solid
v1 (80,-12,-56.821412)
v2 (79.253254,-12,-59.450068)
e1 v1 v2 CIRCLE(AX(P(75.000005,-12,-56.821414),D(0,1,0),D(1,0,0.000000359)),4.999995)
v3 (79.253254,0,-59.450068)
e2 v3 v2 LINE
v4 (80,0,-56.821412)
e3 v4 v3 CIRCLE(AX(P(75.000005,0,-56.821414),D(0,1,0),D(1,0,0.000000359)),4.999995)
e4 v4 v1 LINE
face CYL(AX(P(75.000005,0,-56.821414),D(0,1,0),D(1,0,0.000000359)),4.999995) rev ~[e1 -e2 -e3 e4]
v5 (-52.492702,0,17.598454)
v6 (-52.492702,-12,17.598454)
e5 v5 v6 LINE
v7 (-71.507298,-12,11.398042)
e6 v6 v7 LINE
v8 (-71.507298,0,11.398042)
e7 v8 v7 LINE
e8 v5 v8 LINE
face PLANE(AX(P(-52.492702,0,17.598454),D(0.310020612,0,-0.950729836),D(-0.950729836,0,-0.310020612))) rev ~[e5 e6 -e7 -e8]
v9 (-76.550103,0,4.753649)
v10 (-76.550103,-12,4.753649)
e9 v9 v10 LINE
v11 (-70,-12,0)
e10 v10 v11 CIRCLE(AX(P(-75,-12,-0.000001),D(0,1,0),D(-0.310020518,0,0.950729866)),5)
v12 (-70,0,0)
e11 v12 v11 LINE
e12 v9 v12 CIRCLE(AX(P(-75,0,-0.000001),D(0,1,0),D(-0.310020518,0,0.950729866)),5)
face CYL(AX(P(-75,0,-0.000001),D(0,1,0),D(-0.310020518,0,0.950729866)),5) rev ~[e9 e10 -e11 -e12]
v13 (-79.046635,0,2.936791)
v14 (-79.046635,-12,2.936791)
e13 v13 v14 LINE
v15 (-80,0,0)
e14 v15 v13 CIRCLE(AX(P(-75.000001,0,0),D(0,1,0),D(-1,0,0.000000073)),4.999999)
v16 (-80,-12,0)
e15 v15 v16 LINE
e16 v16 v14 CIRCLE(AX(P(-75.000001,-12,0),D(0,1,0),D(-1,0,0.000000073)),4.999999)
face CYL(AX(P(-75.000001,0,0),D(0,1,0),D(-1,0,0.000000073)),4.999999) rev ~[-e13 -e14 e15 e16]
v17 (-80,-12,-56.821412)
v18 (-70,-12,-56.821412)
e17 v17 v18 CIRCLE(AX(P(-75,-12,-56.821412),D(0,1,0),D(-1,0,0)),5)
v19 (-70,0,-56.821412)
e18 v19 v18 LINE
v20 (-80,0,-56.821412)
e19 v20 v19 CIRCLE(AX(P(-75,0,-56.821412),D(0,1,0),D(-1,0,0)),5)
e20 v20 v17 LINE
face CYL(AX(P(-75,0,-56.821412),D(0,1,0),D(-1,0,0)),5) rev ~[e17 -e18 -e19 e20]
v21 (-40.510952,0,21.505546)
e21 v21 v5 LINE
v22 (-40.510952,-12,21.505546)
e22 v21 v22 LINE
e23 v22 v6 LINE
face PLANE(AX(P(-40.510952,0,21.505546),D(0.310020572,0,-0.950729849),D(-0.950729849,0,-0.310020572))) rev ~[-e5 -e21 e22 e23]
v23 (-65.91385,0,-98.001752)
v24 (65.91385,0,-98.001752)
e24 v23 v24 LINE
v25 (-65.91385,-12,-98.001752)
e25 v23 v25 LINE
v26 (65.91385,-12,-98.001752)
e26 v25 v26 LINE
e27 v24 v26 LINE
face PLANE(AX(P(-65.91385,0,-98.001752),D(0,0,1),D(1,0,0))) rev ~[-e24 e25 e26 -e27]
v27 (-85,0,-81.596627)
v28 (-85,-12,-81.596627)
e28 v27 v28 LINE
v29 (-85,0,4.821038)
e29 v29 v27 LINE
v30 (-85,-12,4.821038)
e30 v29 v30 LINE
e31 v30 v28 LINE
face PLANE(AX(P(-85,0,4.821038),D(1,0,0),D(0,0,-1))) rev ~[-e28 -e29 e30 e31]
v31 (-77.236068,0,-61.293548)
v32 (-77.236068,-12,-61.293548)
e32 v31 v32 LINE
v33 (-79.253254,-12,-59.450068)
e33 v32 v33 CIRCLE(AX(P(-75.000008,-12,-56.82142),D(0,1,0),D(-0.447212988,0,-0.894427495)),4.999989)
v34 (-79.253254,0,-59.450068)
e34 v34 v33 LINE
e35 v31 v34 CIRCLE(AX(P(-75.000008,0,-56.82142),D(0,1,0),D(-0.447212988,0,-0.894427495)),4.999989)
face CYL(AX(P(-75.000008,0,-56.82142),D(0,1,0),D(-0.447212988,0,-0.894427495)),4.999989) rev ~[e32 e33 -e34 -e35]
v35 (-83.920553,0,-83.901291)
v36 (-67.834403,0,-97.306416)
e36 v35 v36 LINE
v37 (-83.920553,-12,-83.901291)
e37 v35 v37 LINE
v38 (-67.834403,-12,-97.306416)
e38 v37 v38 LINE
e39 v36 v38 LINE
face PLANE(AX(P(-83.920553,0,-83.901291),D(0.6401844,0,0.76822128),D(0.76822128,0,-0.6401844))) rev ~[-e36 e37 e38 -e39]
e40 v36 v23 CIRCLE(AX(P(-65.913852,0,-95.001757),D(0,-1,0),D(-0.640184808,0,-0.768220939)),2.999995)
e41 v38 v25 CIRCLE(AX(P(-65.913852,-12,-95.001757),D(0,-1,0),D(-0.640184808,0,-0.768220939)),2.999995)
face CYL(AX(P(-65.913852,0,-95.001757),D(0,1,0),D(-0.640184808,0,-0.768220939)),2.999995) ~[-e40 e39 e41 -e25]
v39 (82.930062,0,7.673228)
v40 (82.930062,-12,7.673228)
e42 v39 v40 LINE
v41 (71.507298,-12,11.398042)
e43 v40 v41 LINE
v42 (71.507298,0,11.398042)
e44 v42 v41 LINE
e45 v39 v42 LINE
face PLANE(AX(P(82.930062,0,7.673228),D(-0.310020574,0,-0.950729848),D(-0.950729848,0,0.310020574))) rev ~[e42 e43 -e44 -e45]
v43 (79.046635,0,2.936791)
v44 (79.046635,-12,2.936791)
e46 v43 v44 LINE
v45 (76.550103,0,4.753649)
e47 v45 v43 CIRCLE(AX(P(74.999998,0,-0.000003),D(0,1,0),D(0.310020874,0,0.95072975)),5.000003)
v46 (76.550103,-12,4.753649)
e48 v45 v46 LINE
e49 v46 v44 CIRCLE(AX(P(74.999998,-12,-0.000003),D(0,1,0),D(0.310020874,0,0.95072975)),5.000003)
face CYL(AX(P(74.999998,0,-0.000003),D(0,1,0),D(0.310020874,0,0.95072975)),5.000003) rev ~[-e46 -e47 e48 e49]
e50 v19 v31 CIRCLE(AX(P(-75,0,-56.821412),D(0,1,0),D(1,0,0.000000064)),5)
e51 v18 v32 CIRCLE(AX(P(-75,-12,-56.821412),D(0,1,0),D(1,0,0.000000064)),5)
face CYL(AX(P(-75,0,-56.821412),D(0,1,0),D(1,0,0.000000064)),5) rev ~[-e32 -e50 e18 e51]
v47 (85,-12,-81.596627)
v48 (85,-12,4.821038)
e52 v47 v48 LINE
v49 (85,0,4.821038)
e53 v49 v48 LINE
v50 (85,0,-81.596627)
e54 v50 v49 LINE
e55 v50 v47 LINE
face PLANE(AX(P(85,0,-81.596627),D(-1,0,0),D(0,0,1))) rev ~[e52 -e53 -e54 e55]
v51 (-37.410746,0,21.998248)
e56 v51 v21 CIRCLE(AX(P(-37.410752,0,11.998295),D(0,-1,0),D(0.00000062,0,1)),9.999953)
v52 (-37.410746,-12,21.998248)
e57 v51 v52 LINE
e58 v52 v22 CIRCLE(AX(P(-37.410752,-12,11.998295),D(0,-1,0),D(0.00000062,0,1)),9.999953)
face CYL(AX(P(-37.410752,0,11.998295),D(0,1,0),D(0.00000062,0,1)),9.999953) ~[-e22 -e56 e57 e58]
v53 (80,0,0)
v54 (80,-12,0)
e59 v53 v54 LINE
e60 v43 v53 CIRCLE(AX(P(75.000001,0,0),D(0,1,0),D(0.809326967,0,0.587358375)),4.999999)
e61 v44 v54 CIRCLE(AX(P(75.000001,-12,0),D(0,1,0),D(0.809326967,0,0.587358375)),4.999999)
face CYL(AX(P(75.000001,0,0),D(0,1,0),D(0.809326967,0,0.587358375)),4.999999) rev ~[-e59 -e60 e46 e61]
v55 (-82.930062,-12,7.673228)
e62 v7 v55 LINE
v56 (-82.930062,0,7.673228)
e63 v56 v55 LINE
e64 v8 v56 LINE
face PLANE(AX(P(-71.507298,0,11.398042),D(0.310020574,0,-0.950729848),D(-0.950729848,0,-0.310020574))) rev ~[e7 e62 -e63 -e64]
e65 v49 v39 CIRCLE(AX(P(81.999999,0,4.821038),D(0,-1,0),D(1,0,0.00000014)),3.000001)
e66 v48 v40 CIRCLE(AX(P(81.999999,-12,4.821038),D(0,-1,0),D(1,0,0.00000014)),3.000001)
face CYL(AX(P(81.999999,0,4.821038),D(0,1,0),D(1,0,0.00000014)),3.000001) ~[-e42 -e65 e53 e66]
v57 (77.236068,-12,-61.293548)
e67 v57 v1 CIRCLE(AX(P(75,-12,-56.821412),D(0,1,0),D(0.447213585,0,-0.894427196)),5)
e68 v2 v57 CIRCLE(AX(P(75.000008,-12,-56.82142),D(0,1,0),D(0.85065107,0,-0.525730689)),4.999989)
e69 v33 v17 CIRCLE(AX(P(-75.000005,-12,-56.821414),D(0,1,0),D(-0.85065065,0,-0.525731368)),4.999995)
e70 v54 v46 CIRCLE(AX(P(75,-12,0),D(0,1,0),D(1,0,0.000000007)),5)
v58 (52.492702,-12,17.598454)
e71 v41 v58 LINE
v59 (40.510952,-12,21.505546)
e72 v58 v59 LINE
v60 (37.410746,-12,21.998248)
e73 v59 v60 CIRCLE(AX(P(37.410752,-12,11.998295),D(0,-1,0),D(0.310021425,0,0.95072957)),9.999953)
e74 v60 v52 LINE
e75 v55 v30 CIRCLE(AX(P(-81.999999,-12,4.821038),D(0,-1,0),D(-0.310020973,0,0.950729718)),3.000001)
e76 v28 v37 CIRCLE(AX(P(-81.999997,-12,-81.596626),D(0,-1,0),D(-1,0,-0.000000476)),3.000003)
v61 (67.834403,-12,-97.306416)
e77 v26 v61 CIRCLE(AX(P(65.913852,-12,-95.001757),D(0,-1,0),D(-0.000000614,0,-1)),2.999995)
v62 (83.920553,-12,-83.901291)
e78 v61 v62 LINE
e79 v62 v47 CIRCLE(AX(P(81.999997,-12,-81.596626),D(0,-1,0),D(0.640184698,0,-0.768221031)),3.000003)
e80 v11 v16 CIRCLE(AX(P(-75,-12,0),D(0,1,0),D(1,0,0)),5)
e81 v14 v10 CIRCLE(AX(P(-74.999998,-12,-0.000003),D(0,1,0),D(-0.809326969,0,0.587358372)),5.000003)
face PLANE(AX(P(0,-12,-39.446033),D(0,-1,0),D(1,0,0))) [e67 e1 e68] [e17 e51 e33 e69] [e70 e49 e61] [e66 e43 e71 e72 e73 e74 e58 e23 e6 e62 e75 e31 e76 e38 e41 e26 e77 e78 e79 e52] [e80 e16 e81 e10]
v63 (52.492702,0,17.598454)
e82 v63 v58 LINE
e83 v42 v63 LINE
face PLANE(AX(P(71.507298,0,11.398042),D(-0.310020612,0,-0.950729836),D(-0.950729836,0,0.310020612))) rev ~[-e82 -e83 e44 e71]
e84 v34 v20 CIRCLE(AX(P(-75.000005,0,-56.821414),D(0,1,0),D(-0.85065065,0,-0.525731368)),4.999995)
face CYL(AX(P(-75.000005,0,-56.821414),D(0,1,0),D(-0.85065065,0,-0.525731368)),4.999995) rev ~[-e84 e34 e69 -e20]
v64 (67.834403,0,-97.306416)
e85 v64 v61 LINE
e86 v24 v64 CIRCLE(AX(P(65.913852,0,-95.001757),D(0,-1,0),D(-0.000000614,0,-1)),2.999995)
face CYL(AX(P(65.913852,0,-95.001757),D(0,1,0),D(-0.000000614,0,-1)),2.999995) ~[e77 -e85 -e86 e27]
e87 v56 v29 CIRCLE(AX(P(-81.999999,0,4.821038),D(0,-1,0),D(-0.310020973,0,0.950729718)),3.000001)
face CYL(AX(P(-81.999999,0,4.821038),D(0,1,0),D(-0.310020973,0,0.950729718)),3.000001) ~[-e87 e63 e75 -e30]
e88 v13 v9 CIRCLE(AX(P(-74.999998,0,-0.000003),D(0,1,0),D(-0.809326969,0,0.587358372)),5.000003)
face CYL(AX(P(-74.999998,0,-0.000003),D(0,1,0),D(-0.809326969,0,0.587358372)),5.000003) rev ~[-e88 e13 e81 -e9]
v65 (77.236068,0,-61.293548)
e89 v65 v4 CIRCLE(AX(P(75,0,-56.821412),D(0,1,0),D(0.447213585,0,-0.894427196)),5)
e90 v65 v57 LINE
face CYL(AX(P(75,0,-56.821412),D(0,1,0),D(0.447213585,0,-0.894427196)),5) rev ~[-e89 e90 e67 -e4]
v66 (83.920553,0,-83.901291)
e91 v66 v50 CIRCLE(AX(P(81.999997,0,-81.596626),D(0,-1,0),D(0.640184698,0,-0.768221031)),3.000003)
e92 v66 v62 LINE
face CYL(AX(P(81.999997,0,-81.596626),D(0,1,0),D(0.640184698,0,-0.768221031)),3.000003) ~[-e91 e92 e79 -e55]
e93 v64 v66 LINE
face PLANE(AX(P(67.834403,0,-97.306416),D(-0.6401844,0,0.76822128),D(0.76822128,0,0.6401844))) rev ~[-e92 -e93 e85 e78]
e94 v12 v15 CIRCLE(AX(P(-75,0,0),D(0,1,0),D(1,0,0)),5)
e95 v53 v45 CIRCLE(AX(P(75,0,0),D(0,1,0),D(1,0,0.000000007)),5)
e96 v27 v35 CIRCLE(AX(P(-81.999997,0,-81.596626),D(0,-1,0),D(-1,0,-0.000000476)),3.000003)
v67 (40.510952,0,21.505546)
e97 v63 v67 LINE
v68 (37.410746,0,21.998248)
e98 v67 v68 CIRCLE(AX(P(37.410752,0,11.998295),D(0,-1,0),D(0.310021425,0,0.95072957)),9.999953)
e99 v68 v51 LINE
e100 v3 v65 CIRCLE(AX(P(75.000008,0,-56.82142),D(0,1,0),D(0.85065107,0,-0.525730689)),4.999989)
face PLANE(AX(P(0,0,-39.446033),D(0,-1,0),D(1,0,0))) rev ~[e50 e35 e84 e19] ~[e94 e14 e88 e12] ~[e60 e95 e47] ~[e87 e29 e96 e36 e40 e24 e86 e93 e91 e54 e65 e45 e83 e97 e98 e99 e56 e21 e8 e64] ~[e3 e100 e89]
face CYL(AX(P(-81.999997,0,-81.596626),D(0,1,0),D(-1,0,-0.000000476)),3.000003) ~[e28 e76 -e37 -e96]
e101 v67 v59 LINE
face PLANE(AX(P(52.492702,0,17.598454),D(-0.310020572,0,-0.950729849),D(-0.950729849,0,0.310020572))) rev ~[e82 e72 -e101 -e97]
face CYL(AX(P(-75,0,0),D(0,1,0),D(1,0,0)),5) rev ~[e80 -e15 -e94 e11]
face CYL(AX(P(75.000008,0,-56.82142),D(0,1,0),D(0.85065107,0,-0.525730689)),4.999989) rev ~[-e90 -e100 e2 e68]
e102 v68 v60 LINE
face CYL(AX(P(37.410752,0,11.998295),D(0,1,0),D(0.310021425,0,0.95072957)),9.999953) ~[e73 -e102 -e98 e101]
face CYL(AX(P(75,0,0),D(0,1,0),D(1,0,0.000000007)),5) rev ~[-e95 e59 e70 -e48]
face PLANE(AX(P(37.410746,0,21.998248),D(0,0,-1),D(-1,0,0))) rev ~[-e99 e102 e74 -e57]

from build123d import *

# Parameters (mm, degrees)
F1_DEPTH = 12


with BuildPart() as f1:
    # F0 (on Front) → F1 (new body)
    with BuildSketch(Plane.XZ):
        with BuildLine():
            ThreePointArc((83.920553, -83.901291), (84.716768, -82.869093), (85, -81.596627))
            Line((85, -81.596627), (85, -63.001752))
            Line((85, -63.001752), (85, -43.001752))
            Line((85, -43.001752), (85, -23.001752))
            Line((85, -23.001752), (85, 1.998248))
            Line((85, 1.998248), (85, 4.821038))
            ThreePointArc((85, 4.821038), (84.427981, 6.583113), (82.930062, 7.673228))
            Line((82.930062, 7.673228), (71.507298, 11.398042))
            Line((71.507298, 11.398042), (62, 14.498248))
            Line((62, 14.498248), (52.492702, 17.598454))
            Line((52.492702, 17.598454), (40.510952, 21.505546))
            ThreePointArc((40.510952, 21.505546), (38.980302, 21.874305), (37.410746, 21.998248))
            Line((37.410746, 21.998248), (-37.410746, 21.998248))
            ThreePointArc((-37.410746, 21.998248), (-38.980302, 21.874305), (-40.510952, 21.505546))
            Line((-40.510952, 21.505546), (-52.492702, 17.598454))
            Line((-52.492702, 17.598454), (-62, 14.498248))
            Line((-62, 14.498248), (-71.507298, 11.398042))
            Line((-71.507298, 11.398042), (-82.930062, 7.673228))
            ThreePointArc((-82.930062, 7.673228), (-84.427981, 6.583113), (-85, 4.821038))
            Line((-85, 4.821038), (-85, 1.998248))
            Line((-85, 1.998248), (-85, -23.001752))
            Line((-85, -23.001752), (-85, -43.001752))
            Line((-85, -43.001752), (-85, -63.001752))
            Line((-85, -63.001752), (-85, -81.596627))
            ThreePointArc((-85, -81.596627), (-84.716768, -82.869093), (-83.920553, -83.901291))
            Line((-83.920553, -83.901291), (-67.834403, -97.306416))
            ThreePointArc((-67.834403, -97.306416), (-66.935126, -97.822567), (-65.91385, -98.001752))
            Line((-65.91385, -98.001752), (65.91385, -98.001752))
            ThreePointArc((65.91385, -98.001752), (66.935126, -97.822567), (67.834403, -97.306416))
            Line((67.834403, -97.306416), (83.920553, -83.901291))
        make_face()
        with BuildLine():
            ThreePointArc((38.990151, 16.936276), (39.376448, 16.859172), (39.755476, 16.751897))
            Line((39.755476, 16.751897), (76.550103, 4.753649))
            ThreePointArc((76.550103, 4.753649), (77.942127, 4.042757), (79.046635, 2.936791))
            ThreePointArc((79.046635, 2.936791), (79.75569, 1.54383), (80, 0))
            Line((80, 0), (80, -56.821412))
            ThreePointArc((80, -56.821412), (79.809692, -58.187745), (79.253254, -59.450068))
            ThreePointArc((79.253254, -59.450068), (78.373045, -60.512289), (77.236068, -61.293548))
            Line((77.236068, -61.293548), (24.875388, -87.473888))
            ThreePointArc((24.875388, -87.473888), (24.34317, -87.702486), (23.788085, -87.867997))
            ThreePointArc((23.788085, -87.867997), (23.217583, -87.968201), (22.63932, -88.001752))
            Line((22.63932, -88.001752), (0, -88.001752))
            Line((0, -88.001752), (-22.63932, -88.001752))
            ThreePointArc((-22.63932, -88.001752), (-23.217583, -87.968201), (-23.788085, -87.867997))
            ThreePointArc((-23.788085, -87.867997), (-24.34317, -87.702486), (-24.875388, -87.473888))
            Line((-24.875388, -87.473888), (-77.236068, -61.293548))
            ThreePointArc((-77.236068, -61.293548), (-78.373045, -60.512289), (-79.253254, -59.450068))
            ThreePointArc((-79.253254, -59.450068), (-79.809692, -58.187745), (-80, -56.821412))
            Line((-80, -56.821412), (-80, 0))
            ThreePointArc((-80, 0), (-79.75569, 1.54383), (-79.046635, 2.936791))
            ThreePointArc((-79.046635, 2.936791), (-77.942127, 4.042757), (-76.550103, 4.753649))
            Line((-76.550103, 4.753649), (-39.755476, 16.751897))
            ThreePointArc((-39.755476, 16.751897), (-39.376448, 16.859172), (-38.990151, 16.936276))
            ThreePointArc((-38.990151, 16.936276), (-38.598983, 16.982731), (-38.205373, 16.998248))
            Line((-38.205373, 16.998248), (0, 16.998248))
            Line((0, 16.998248), (38.205373, 16.998248))
            ThreePointArc((38.205373, 16.998248), (38.598983, 16.982731), (38.990151, 16.936276))
        make_face(mode=Mode.SUBTRACT)
        with BuildLine():
            Line((76.550103, 4.753649), (39.755476, 16.751897))
            ThreePointArc((39.755476, 16.751897), (39.376448, 16.859172), (38.990151, 16.936276))
            ThreePointArc((38.990151, 16.936276), (38.598983, 16.982731), (38.205373, 16.998248))
            Line((38.205373, 16.998248), (0, 16.998248))
            Line((0, 16.998248), (-38.205373, 16.998248))
            ThreePointArc((-38.205373, 16.998248), (-38.598983, 16.982731), (-38.990151, 16.936276))
            ThreePointArc((-38.990151, 16.936276), (-39.376448, 16.859172), (-39.755476, 16.751897))
            Line((-39.755476, 16.751897), (-76.550103, 4.753649))
            ThreePointArc((-76.550103, 4.753649), (-72.063209, 4.046635), (-70, 0))
            ThreePointArc((-70, 0), (-75, -5), (-80, 0))
            Line((-80, 0), (-80, -56.821412))
            ThreePointArc((-80, -56.821412), (-75, -51.821412), (-70, -56.821412))
            ThreePointArc((-70, -56.821412), (-72.371344, -61.074666), (-77.236068, -61.293548))
            Line((-77.236068, -61.293548), (-24.875388, -87.473888))
            ThreePointArc((-24.875388, -87.473888), (-24.34317, -87.702486), (-23.788085, -87.867997))
            ThreePointArc((-23.788085, -87.867997), (-23.217583, -87.968201), (-22.63932, -88.001752))
            Line((-22.63932, -88.001752), (0, -88.001752))
            Line((0, -88.001752), (22.63932, -88.001752))
            ThreePointArc((22.63932, -88.001752), (23.217583, -87.968201), (23.788085, -87.867997))
            ThreePointArc((23.788085, -87.867997), (24.34317, -87.702486), (24.875388, -87.473888))
            Line((24.875388, -87.473888), (77.236068, -61.293548))
            ThreePointArc((77.236068, -61.293548), (70.746746, -54.192757), (80, -56.821412))
            Line((80, -56.821412), (80, 0))
            ThreePointArc((80, 0), (70.953365, -2.936791), (76.550103, 4.753649))
        make_face()
    extrude(amount=F1_DEPTH)


solid = f1.part
